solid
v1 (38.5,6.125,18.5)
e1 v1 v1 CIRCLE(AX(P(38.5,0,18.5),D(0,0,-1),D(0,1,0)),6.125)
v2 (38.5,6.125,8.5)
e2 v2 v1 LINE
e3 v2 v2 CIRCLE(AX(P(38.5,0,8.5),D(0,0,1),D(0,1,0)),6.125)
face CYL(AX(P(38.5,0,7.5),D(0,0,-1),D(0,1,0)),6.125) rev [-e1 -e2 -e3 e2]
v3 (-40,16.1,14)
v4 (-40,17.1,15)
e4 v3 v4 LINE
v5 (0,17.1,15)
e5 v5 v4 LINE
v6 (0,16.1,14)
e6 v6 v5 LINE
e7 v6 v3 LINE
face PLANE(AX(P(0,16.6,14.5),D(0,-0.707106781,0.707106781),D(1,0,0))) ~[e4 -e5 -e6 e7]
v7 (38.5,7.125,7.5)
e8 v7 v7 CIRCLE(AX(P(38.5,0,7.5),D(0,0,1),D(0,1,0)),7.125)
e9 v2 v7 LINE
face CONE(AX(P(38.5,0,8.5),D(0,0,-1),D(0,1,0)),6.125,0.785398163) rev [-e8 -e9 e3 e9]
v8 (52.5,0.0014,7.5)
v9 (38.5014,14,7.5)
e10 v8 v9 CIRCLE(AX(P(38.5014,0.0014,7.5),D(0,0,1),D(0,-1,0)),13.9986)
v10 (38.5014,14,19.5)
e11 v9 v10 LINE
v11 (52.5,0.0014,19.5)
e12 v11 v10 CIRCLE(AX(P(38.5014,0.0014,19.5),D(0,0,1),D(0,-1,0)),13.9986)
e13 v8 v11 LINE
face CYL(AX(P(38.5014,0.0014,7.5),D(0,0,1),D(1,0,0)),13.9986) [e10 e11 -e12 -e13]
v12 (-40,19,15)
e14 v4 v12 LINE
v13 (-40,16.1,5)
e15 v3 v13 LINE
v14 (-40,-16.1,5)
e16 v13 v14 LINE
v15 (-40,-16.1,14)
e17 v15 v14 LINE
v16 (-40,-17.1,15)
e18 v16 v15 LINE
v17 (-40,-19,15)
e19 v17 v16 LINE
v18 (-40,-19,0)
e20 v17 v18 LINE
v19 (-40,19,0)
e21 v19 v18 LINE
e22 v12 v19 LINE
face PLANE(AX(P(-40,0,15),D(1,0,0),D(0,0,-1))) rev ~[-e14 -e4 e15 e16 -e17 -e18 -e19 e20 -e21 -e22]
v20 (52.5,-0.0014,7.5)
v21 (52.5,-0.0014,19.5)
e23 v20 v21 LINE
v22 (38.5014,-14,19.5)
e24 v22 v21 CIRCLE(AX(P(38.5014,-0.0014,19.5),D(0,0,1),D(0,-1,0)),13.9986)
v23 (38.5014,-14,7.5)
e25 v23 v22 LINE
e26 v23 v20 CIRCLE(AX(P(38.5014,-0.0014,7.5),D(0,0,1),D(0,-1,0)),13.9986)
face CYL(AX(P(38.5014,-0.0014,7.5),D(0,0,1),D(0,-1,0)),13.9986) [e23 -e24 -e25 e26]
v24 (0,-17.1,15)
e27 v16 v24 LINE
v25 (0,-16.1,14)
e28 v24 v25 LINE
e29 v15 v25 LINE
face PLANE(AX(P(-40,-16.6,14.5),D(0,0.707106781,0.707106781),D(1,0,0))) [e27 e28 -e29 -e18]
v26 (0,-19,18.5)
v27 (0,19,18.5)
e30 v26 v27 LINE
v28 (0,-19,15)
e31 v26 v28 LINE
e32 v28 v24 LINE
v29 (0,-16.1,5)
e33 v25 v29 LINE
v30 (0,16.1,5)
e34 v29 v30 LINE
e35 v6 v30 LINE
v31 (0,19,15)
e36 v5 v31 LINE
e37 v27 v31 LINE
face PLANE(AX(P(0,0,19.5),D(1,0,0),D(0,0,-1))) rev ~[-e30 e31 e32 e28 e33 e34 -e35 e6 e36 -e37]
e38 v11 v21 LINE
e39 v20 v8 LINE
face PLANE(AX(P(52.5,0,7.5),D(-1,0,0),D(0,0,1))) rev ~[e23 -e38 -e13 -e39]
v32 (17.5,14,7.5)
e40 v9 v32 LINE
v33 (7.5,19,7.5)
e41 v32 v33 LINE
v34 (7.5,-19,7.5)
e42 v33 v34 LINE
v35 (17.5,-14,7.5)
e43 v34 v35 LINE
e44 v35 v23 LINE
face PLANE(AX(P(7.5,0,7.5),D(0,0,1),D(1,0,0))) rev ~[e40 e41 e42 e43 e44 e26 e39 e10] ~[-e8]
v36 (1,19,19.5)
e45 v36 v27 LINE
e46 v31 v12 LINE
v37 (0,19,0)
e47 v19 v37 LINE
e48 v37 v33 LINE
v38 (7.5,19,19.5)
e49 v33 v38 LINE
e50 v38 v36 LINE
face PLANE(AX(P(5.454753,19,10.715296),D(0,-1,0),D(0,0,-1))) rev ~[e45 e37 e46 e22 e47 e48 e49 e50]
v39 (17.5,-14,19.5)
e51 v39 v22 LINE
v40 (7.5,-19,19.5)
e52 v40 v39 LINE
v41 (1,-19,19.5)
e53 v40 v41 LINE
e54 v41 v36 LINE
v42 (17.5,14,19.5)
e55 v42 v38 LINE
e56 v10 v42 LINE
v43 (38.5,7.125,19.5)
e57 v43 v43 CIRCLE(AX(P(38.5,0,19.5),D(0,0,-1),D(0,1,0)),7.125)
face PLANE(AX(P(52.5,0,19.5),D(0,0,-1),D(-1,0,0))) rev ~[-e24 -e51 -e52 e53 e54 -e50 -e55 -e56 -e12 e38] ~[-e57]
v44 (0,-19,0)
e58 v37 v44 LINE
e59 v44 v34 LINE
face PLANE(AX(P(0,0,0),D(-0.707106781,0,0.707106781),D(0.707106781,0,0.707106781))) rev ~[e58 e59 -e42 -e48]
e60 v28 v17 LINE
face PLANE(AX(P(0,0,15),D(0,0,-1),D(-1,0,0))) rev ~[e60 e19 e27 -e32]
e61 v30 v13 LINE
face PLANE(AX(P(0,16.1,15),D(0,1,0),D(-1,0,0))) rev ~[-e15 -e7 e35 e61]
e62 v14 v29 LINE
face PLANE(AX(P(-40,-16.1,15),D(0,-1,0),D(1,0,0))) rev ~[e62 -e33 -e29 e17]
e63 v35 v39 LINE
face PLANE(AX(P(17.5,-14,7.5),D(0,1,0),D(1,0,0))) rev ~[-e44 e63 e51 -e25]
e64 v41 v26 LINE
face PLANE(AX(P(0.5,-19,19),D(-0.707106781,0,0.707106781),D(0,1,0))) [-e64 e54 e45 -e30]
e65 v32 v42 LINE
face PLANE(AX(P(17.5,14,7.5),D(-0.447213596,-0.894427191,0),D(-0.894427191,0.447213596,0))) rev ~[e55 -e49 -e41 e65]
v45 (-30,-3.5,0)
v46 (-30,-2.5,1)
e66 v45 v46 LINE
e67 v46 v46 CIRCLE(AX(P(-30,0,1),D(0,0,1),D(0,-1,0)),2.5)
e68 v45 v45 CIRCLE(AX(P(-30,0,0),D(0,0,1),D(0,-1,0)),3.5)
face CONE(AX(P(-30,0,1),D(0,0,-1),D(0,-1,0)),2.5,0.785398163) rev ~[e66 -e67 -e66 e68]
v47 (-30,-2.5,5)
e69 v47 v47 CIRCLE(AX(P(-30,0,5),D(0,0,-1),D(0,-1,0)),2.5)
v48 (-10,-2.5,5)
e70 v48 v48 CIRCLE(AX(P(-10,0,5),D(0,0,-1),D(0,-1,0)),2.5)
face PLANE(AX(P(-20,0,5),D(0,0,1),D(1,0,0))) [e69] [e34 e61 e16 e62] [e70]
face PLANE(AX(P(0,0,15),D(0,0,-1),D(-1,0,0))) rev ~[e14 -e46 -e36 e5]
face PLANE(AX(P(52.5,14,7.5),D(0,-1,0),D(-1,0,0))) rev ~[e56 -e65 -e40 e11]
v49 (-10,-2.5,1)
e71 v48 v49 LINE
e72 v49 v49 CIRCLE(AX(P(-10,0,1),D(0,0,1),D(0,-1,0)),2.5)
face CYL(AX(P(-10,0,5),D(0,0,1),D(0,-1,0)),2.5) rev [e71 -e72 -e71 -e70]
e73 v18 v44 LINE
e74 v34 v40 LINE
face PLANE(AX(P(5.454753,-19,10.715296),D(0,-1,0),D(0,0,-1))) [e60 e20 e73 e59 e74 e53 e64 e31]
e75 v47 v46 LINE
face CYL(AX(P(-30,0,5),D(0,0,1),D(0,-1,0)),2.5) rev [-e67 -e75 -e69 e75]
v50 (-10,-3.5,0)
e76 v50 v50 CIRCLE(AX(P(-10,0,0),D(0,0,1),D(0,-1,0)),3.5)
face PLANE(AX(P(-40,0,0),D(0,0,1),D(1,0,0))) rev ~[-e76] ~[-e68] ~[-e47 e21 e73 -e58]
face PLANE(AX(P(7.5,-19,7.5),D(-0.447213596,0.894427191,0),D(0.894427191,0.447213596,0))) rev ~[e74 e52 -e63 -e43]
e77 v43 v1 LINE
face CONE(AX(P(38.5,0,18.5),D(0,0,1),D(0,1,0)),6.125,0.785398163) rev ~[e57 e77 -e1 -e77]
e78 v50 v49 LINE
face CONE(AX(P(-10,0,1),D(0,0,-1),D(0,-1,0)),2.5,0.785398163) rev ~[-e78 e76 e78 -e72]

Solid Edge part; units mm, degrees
sketch "Sketch1" plane through (0, 0, 0) normal (0, -1, 0) x (1, 0, 0)
  line L0 (-40, 15) -> (-40, 0)
  line L1 (-40, 0) -> (0, 0)
  line L2 (0, 0) -> (7.5, 7.5)
  line L3 (7.5, 7.5) -> (52.5, 7.5)
  line L4 (52.5, 7.5) -> (52.5, 19.5)
  line L5 (52.5, 19.5) -> (0, 19.5)
  line L6 (0, 19.5) -> (0, 15)
  line L7 (0, 15) -> (-40, 15)
  dimension "D1" = 7.5
  dimension "D2" = 15
  dimension "D3" = 12
  dimension "D4" = 40
  dimension "D5" = 45
extrude "Protrusion1" add sketch "Sketch1" along normal mid plane 38
sketch "Sketch2" plane through (-10, -18, 15) normal (0, 0, 1) x (1, 0, 0)
  line L0 (10, 34.1) -> (-30, 34.1)
  line L1 (-30, 34.1) -> (-30, 1.9)
  line L2 (-30, 1.9) -> (10, 1.9)
  line L3 (10, 1.9) -> (10, 34.1)
  dimension "D1" = 32.2
extrude "ExtrudedCutout_1" cut sketch "Sketch2" against normal blind 10
sketch "Sketch3" plane through (25, 0, 7.5) normal (0, 0, -1) x (1, 0, 0)
  line L0 (-17.5, 19) -> (-7.5, 14)
  line L1 (-7.5, 14) -> (27.5, 14)
  line L2 (27.5, 14) -> (27.5, -14)
  line L3 (27.5, -14) -> (-7.5, -14)
  line L4 (-7.5, -14) -> (-17.5, -19)
  dimension "D1" = 10
  dimension "D2" = 5
extrude "ExtrudedCutout_2" cut sketch "Sketch3" against normal blind 41 material side at (12.5224, -16.5447, 7.5)
fillet "Round1" radius 14 2 edges at (52.5, 14, 13.5) (52.5, -14, 13.5)
hole "Hole_1" at (38.5, 0, 7.5) direction (0, 0, 1) diameter 12.25 end up to next
hole "Hole_2" at (-10, 0, 5) direction (0, 0, -1) diameter 5 end up to next
hole "Hole1" at (-30, 0, 5) direction (0, 0, -1) diameter 5 end up to next
chamfer "Chamfer1" distance 1 angle 45 4 edges at (38.5, -6.125, 7.5) (44.625, 0, 19.5) (-12.5, 0, 0) (-32.5, 0, 0)
chamfer "Chamfer_2" distance 1 angle 45 3 edges at (-20, 16.1, 15) (-20, -16.1, 15) (0, 0, 19.5)
properties material "Polyethylene, low density"
